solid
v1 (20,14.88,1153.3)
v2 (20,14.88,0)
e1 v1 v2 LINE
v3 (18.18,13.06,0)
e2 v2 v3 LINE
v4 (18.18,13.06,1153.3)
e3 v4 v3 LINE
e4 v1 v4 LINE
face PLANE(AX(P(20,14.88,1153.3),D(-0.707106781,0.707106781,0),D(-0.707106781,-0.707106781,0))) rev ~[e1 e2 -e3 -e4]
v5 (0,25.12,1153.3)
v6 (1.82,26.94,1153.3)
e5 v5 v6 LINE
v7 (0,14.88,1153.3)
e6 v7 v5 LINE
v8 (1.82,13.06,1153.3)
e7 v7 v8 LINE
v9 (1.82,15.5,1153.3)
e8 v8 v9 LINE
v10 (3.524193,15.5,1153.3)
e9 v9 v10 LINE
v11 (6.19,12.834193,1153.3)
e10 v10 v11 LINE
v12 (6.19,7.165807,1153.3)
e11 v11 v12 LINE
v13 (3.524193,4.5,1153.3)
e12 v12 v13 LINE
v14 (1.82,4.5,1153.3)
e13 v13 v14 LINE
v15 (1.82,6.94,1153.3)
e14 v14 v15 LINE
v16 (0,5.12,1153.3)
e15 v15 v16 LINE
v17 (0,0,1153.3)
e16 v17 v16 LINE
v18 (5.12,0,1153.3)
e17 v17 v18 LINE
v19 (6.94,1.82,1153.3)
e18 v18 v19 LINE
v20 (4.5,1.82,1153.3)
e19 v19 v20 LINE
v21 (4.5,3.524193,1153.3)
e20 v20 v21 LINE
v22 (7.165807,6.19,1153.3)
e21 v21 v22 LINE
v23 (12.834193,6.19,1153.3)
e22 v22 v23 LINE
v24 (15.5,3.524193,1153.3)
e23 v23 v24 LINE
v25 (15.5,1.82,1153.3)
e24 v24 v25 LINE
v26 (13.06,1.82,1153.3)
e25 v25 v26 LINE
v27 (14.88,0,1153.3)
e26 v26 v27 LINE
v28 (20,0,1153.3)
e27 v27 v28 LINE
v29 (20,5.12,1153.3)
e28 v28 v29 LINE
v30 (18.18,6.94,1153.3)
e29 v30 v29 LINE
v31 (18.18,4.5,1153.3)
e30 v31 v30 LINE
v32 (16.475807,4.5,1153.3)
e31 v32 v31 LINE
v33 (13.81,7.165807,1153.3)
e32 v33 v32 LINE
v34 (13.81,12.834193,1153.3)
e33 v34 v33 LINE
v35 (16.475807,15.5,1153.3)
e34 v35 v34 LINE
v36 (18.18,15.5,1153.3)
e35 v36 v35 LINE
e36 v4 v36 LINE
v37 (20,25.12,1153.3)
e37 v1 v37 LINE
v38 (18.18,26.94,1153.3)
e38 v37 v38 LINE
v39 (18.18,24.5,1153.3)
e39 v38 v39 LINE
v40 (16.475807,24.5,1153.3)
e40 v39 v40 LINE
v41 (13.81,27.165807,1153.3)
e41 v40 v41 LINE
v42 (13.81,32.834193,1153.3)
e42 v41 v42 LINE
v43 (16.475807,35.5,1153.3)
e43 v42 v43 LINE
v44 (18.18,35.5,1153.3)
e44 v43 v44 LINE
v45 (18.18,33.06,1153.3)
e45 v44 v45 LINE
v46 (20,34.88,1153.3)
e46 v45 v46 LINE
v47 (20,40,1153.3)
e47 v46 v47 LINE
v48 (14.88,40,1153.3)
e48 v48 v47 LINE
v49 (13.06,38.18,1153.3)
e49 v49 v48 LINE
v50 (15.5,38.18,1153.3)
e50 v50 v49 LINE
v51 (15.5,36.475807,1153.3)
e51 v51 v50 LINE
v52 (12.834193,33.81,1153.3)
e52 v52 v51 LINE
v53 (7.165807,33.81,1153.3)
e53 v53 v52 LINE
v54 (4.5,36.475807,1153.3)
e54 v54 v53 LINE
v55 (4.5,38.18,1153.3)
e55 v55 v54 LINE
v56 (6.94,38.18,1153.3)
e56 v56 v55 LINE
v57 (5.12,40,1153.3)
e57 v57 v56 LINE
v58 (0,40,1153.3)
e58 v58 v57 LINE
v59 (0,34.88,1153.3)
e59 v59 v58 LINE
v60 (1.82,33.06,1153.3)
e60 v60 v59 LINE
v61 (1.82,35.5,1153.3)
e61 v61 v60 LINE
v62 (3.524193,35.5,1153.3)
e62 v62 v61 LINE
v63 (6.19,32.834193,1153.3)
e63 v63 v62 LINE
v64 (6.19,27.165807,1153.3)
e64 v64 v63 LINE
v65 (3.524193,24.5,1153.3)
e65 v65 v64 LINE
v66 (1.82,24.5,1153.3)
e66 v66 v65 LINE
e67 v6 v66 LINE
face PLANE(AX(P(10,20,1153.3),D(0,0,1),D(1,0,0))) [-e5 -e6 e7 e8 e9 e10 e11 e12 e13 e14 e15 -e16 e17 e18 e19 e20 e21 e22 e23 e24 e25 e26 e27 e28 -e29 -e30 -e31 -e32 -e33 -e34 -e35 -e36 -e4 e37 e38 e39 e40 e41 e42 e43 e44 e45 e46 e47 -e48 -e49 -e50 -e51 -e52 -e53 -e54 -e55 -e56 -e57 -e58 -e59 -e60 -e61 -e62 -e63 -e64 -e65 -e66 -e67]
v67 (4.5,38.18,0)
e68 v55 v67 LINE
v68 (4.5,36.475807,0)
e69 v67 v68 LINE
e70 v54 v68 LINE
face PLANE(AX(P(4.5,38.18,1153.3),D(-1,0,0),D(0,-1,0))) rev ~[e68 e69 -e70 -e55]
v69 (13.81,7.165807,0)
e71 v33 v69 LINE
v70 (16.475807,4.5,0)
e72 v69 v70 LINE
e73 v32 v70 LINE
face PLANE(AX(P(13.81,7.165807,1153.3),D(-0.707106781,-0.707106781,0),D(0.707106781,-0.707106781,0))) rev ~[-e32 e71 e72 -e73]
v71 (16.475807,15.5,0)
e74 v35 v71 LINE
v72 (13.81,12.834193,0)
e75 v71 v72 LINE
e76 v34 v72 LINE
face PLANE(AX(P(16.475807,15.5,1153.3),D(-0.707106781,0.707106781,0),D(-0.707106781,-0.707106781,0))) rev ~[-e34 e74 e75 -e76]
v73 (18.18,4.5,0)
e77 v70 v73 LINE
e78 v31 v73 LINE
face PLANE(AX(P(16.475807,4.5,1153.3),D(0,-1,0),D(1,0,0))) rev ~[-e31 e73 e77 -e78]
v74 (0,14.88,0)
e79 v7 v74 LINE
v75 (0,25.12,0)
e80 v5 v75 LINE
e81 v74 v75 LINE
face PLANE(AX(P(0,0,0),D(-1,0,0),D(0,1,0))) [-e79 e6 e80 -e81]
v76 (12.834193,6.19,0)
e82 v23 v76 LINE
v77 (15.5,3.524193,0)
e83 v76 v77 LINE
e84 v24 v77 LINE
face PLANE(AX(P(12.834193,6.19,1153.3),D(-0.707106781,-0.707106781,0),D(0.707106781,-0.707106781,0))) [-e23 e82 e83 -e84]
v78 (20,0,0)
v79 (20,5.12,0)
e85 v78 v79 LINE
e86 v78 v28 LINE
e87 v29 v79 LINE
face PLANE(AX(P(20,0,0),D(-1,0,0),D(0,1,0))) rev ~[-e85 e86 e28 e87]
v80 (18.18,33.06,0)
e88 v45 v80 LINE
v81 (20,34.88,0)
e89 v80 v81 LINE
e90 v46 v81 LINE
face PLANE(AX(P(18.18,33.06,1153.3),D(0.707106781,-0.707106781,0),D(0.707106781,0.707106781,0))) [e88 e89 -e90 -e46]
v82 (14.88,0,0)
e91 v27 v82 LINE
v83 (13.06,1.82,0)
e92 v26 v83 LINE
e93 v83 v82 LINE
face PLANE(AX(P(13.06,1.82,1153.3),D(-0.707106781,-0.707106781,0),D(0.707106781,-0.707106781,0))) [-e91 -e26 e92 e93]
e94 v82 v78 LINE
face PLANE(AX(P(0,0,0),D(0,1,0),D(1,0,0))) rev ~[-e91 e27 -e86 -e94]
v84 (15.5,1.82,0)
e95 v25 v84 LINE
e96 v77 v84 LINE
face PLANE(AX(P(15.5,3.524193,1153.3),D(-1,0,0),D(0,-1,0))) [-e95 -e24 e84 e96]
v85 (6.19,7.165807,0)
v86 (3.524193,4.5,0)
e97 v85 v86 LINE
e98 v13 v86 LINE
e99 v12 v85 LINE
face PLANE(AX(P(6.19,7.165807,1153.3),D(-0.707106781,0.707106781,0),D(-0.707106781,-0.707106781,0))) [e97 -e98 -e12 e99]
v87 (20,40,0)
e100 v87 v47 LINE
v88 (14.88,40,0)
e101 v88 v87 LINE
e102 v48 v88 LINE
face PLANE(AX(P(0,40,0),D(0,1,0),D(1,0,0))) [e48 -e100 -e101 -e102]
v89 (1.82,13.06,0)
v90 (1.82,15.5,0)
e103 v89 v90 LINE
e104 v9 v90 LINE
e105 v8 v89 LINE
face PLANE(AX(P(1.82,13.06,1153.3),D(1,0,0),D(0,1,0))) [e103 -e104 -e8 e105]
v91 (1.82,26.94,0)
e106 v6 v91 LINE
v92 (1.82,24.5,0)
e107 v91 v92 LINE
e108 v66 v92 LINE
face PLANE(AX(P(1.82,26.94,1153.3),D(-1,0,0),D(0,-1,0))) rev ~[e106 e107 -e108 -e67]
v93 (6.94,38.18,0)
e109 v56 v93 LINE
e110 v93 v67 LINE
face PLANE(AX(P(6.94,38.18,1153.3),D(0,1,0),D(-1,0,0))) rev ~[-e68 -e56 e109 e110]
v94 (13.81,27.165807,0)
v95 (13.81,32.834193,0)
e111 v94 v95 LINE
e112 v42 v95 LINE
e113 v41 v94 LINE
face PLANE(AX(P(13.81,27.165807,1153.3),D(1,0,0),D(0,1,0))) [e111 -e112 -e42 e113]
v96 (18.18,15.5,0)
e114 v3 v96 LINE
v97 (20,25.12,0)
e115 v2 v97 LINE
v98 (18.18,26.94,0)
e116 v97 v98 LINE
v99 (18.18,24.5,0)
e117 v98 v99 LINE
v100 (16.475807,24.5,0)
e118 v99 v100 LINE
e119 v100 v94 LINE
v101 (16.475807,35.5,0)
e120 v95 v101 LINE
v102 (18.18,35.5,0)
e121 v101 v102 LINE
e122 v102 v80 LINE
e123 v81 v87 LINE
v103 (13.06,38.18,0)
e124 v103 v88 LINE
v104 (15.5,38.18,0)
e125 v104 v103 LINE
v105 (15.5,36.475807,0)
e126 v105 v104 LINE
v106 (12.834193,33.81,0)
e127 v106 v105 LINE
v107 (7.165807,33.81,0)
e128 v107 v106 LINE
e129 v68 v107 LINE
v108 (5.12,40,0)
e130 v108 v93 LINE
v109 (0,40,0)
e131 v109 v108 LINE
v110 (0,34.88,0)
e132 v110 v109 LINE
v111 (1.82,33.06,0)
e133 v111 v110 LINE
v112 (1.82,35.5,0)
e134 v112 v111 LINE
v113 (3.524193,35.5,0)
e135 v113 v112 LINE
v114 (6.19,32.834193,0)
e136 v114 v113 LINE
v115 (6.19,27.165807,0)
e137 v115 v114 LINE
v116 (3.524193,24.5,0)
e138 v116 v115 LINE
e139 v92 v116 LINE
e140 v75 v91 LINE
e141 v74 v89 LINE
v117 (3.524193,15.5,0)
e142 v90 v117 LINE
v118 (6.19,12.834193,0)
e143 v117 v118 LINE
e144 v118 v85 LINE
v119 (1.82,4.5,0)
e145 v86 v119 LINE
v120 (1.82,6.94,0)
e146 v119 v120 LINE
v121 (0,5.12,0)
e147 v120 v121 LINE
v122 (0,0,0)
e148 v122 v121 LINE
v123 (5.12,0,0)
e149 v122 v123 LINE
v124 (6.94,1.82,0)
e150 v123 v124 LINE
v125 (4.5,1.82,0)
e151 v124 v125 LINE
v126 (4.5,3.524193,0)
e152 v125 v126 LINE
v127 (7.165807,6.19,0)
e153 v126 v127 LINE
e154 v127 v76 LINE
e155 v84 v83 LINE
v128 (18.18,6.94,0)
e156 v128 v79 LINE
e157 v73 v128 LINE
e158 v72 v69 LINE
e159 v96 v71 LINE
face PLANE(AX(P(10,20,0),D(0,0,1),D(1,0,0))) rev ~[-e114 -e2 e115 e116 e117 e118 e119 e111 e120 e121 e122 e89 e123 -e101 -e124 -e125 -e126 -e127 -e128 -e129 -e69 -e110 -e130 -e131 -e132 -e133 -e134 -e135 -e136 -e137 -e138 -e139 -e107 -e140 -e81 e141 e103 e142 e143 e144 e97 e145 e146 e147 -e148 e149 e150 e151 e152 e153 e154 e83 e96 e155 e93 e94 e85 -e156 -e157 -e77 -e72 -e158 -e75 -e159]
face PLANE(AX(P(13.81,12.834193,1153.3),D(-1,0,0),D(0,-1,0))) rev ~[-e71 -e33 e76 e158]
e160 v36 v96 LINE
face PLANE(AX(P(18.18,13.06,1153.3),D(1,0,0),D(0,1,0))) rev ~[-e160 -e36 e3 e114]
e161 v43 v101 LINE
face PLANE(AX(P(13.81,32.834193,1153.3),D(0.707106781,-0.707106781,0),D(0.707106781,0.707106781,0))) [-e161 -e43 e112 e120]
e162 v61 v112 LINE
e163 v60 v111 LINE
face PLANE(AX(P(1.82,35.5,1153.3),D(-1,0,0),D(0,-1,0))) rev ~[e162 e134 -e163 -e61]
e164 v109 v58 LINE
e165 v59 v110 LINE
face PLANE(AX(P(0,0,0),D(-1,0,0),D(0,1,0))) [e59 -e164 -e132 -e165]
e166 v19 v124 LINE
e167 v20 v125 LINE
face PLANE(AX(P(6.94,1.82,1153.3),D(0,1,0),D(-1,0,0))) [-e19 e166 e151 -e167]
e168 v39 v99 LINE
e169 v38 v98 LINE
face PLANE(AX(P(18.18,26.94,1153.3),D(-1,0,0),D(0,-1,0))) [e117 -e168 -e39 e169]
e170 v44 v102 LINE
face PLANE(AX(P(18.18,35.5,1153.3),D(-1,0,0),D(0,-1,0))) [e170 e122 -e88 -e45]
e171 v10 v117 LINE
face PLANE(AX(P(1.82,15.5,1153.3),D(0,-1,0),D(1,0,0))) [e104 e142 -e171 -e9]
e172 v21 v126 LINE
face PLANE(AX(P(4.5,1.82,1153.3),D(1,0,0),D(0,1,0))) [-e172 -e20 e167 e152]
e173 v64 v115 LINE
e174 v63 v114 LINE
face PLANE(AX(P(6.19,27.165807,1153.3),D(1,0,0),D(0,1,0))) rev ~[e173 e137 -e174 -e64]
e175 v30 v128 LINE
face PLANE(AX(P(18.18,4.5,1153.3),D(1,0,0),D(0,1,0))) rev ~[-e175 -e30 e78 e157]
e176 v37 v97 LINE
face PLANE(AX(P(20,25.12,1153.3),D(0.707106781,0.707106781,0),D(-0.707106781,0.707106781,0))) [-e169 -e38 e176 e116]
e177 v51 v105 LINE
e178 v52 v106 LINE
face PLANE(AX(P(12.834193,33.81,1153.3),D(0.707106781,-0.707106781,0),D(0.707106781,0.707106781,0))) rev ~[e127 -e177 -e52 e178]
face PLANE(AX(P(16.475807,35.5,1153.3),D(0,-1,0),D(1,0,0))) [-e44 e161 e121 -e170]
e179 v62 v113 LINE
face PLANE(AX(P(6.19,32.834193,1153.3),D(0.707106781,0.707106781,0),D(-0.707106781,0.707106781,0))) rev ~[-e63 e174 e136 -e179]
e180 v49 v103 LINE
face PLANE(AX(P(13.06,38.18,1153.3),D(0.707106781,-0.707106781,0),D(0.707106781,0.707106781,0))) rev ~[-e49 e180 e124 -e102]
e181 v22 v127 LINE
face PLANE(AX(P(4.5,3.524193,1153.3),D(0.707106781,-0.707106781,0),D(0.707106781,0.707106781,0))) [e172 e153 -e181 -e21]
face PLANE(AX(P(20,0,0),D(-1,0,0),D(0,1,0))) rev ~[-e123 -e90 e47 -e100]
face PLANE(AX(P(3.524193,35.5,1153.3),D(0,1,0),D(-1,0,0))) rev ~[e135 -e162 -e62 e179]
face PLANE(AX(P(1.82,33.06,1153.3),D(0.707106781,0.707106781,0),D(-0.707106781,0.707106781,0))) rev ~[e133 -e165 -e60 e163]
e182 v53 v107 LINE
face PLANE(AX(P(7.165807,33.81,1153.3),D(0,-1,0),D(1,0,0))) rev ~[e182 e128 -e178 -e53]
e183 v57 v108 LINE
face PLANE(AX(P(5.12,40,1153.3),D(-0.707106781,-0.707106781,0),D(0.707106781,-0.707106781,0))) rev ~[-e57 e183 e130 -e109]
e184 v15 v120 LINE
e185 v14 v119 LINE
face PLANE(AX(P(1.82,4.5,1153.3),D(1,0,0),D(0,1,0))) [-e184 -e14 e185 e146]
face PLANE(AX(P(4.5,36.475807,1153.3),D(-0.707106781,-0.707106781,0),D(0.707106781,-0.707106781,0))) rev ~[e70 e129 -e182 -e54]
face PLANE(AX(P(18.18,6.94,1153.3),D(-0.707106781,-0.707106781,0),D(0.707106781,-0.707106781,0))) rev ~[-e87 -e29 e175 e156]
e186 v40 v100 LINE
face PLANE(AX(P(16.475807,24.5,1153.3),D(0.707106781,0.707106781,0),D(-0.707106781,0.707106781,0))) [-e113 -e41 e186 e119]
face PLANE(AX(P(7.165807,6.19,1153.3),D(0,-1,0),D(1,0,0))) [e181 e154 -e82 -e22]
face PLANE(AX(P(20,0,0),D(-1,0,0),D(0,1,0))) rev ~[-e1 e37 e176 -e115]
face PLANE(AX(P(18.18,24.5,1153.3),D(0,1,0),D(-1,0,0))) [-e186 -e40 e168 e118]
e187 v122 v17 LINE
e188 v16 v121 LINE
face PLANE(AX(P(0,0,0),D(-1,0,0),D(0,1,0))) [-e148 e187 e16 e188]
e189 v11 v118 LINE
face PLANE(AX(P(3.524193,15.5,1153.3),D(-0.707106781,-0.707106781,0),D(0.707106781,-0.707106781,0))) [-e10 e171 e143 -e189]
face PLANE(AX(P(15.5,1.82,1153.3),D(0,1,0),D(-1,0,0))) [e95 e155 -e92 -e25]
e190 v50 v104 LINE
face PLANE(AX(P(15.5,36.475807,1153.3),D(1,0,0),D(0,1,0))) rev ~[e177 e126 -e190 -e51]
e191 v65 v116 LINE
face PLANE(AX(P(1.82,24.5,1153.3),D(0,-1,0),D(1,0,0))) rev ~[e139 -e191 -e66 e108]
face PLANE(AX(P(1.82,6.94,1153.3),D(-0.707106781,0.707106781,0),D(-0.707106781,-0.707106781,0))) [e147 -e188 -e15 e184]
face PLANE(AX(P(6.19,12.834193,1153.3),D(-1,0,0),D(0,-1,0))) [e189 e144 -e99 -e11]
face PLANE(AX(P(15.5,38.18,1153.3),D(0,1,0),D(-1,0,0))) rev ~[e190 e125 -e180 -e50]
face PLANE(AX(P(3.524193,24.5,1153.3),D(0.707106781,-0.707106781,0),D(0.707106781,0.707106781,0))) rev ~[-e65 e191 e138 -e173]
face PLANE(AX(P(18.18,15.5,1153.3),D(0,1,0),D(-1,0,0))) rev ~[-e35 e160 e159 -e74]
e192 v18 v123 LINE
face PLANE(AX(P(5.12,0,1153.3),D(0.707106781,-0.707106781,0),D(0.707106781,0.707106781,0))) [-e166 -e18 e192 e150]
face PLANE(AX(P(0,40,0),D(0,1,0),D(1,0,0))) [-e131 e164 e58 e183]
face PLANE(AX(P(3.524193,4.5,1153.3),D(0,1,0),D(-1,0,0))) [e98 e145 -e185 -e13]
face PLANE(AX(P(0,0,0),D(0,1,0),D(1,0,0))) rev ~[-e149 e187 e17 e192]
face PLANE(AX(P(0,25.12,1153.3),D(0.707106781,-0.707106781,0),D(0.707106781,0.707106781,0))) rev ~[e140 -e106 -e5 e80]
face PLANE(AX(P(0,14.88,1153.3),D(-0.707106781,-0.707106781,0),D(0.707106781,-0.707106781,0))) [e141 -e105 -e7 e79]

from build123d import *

# Parameters (mm, degrees)
SKETCH1_W           = 20
SKETCH1_H           = 40
BOSS_EXTRUDE1_DEPTH = 1153.3
CUT_EXTRUDE1_DEPTH  = 1154.3


with BuildPart() as part:
    # Sketch1 → Boss-Extrude1 (new body)
    with BuildSketch(Plane.XY):
        with Locations((10, 20)):
            Rectangle(SKETCH1_W, SKETCH1_H)
    extrude(amount=BOSS_EXTRUDE1_DEPTH)

    # Sketch2 → Cut-Extrude1 (cut, through all)
    with BuildSketch(Plane.XY.offset(1153.3)):
        Polygon((5.12, 40), (6.94, 38.18), (4.5, 38.18), (4.5, 36.475807358), (7.165807358, 33.81), (12.834192642, 33.81), (15.5, 36.475807358), (15.5, 38.18), (13.06, 38.18), (14.88, 40), align=None)
        Polygon((18.18, 35.5), (18.18, 33.06), (20, 34.88), (20, 25.12), (18.18, 26.94), (18.18, 24.5), (16.475807358, 24.5), (13.81, 27.165807358), (13.81, 32.834192642), (16.475807358, 35.5), align=None)
        Polygon((20, 14.88), (18.18, 13.06), (18.18, 15.5), (16.475807358, 15.5), (13.81, 12.834192642), (13.81, 7.165807358), (16.475807358, 4.5), (18.18, 4.5), (18.18, 6.94), (20, 5.12), align=None)
        Polygon((15.5, 1.82), (13.06, 1.82), (14.88, 0), (5.12, 0), (6.94, 1.82), (4.5, 1.82), (4.5, 3.524192642), (7.165807358, 6.19), (12.834192642, 6.19), (15.5, 3.524192642), align=None)
        Polygon((1.82, 4.5), (1.82, 6.94), (0, 5.12), (0, 14.88), (1.82, 13.06), (1.82, 15.5), (3.524192642, 15.5), (6.19, 12.834192642), (6.19, 7.165807358), (3.524192642, 4.5), align=None)
        Polygon((0, 25.12), (1.82, 26.94), (1.82, 24.5), (3.524192642, 24.5), (6.19, 27.165807358), (6.19, 32.834192642), (3.524192642, 35.5), (1.82, 35.5), (1.82, 33.06), (0, 34.88), align=None)
    extrude(amount=-CUT_EXTRUDE1_DEPTH, mode=Mode.SUBTRACT)


solid = part.part
